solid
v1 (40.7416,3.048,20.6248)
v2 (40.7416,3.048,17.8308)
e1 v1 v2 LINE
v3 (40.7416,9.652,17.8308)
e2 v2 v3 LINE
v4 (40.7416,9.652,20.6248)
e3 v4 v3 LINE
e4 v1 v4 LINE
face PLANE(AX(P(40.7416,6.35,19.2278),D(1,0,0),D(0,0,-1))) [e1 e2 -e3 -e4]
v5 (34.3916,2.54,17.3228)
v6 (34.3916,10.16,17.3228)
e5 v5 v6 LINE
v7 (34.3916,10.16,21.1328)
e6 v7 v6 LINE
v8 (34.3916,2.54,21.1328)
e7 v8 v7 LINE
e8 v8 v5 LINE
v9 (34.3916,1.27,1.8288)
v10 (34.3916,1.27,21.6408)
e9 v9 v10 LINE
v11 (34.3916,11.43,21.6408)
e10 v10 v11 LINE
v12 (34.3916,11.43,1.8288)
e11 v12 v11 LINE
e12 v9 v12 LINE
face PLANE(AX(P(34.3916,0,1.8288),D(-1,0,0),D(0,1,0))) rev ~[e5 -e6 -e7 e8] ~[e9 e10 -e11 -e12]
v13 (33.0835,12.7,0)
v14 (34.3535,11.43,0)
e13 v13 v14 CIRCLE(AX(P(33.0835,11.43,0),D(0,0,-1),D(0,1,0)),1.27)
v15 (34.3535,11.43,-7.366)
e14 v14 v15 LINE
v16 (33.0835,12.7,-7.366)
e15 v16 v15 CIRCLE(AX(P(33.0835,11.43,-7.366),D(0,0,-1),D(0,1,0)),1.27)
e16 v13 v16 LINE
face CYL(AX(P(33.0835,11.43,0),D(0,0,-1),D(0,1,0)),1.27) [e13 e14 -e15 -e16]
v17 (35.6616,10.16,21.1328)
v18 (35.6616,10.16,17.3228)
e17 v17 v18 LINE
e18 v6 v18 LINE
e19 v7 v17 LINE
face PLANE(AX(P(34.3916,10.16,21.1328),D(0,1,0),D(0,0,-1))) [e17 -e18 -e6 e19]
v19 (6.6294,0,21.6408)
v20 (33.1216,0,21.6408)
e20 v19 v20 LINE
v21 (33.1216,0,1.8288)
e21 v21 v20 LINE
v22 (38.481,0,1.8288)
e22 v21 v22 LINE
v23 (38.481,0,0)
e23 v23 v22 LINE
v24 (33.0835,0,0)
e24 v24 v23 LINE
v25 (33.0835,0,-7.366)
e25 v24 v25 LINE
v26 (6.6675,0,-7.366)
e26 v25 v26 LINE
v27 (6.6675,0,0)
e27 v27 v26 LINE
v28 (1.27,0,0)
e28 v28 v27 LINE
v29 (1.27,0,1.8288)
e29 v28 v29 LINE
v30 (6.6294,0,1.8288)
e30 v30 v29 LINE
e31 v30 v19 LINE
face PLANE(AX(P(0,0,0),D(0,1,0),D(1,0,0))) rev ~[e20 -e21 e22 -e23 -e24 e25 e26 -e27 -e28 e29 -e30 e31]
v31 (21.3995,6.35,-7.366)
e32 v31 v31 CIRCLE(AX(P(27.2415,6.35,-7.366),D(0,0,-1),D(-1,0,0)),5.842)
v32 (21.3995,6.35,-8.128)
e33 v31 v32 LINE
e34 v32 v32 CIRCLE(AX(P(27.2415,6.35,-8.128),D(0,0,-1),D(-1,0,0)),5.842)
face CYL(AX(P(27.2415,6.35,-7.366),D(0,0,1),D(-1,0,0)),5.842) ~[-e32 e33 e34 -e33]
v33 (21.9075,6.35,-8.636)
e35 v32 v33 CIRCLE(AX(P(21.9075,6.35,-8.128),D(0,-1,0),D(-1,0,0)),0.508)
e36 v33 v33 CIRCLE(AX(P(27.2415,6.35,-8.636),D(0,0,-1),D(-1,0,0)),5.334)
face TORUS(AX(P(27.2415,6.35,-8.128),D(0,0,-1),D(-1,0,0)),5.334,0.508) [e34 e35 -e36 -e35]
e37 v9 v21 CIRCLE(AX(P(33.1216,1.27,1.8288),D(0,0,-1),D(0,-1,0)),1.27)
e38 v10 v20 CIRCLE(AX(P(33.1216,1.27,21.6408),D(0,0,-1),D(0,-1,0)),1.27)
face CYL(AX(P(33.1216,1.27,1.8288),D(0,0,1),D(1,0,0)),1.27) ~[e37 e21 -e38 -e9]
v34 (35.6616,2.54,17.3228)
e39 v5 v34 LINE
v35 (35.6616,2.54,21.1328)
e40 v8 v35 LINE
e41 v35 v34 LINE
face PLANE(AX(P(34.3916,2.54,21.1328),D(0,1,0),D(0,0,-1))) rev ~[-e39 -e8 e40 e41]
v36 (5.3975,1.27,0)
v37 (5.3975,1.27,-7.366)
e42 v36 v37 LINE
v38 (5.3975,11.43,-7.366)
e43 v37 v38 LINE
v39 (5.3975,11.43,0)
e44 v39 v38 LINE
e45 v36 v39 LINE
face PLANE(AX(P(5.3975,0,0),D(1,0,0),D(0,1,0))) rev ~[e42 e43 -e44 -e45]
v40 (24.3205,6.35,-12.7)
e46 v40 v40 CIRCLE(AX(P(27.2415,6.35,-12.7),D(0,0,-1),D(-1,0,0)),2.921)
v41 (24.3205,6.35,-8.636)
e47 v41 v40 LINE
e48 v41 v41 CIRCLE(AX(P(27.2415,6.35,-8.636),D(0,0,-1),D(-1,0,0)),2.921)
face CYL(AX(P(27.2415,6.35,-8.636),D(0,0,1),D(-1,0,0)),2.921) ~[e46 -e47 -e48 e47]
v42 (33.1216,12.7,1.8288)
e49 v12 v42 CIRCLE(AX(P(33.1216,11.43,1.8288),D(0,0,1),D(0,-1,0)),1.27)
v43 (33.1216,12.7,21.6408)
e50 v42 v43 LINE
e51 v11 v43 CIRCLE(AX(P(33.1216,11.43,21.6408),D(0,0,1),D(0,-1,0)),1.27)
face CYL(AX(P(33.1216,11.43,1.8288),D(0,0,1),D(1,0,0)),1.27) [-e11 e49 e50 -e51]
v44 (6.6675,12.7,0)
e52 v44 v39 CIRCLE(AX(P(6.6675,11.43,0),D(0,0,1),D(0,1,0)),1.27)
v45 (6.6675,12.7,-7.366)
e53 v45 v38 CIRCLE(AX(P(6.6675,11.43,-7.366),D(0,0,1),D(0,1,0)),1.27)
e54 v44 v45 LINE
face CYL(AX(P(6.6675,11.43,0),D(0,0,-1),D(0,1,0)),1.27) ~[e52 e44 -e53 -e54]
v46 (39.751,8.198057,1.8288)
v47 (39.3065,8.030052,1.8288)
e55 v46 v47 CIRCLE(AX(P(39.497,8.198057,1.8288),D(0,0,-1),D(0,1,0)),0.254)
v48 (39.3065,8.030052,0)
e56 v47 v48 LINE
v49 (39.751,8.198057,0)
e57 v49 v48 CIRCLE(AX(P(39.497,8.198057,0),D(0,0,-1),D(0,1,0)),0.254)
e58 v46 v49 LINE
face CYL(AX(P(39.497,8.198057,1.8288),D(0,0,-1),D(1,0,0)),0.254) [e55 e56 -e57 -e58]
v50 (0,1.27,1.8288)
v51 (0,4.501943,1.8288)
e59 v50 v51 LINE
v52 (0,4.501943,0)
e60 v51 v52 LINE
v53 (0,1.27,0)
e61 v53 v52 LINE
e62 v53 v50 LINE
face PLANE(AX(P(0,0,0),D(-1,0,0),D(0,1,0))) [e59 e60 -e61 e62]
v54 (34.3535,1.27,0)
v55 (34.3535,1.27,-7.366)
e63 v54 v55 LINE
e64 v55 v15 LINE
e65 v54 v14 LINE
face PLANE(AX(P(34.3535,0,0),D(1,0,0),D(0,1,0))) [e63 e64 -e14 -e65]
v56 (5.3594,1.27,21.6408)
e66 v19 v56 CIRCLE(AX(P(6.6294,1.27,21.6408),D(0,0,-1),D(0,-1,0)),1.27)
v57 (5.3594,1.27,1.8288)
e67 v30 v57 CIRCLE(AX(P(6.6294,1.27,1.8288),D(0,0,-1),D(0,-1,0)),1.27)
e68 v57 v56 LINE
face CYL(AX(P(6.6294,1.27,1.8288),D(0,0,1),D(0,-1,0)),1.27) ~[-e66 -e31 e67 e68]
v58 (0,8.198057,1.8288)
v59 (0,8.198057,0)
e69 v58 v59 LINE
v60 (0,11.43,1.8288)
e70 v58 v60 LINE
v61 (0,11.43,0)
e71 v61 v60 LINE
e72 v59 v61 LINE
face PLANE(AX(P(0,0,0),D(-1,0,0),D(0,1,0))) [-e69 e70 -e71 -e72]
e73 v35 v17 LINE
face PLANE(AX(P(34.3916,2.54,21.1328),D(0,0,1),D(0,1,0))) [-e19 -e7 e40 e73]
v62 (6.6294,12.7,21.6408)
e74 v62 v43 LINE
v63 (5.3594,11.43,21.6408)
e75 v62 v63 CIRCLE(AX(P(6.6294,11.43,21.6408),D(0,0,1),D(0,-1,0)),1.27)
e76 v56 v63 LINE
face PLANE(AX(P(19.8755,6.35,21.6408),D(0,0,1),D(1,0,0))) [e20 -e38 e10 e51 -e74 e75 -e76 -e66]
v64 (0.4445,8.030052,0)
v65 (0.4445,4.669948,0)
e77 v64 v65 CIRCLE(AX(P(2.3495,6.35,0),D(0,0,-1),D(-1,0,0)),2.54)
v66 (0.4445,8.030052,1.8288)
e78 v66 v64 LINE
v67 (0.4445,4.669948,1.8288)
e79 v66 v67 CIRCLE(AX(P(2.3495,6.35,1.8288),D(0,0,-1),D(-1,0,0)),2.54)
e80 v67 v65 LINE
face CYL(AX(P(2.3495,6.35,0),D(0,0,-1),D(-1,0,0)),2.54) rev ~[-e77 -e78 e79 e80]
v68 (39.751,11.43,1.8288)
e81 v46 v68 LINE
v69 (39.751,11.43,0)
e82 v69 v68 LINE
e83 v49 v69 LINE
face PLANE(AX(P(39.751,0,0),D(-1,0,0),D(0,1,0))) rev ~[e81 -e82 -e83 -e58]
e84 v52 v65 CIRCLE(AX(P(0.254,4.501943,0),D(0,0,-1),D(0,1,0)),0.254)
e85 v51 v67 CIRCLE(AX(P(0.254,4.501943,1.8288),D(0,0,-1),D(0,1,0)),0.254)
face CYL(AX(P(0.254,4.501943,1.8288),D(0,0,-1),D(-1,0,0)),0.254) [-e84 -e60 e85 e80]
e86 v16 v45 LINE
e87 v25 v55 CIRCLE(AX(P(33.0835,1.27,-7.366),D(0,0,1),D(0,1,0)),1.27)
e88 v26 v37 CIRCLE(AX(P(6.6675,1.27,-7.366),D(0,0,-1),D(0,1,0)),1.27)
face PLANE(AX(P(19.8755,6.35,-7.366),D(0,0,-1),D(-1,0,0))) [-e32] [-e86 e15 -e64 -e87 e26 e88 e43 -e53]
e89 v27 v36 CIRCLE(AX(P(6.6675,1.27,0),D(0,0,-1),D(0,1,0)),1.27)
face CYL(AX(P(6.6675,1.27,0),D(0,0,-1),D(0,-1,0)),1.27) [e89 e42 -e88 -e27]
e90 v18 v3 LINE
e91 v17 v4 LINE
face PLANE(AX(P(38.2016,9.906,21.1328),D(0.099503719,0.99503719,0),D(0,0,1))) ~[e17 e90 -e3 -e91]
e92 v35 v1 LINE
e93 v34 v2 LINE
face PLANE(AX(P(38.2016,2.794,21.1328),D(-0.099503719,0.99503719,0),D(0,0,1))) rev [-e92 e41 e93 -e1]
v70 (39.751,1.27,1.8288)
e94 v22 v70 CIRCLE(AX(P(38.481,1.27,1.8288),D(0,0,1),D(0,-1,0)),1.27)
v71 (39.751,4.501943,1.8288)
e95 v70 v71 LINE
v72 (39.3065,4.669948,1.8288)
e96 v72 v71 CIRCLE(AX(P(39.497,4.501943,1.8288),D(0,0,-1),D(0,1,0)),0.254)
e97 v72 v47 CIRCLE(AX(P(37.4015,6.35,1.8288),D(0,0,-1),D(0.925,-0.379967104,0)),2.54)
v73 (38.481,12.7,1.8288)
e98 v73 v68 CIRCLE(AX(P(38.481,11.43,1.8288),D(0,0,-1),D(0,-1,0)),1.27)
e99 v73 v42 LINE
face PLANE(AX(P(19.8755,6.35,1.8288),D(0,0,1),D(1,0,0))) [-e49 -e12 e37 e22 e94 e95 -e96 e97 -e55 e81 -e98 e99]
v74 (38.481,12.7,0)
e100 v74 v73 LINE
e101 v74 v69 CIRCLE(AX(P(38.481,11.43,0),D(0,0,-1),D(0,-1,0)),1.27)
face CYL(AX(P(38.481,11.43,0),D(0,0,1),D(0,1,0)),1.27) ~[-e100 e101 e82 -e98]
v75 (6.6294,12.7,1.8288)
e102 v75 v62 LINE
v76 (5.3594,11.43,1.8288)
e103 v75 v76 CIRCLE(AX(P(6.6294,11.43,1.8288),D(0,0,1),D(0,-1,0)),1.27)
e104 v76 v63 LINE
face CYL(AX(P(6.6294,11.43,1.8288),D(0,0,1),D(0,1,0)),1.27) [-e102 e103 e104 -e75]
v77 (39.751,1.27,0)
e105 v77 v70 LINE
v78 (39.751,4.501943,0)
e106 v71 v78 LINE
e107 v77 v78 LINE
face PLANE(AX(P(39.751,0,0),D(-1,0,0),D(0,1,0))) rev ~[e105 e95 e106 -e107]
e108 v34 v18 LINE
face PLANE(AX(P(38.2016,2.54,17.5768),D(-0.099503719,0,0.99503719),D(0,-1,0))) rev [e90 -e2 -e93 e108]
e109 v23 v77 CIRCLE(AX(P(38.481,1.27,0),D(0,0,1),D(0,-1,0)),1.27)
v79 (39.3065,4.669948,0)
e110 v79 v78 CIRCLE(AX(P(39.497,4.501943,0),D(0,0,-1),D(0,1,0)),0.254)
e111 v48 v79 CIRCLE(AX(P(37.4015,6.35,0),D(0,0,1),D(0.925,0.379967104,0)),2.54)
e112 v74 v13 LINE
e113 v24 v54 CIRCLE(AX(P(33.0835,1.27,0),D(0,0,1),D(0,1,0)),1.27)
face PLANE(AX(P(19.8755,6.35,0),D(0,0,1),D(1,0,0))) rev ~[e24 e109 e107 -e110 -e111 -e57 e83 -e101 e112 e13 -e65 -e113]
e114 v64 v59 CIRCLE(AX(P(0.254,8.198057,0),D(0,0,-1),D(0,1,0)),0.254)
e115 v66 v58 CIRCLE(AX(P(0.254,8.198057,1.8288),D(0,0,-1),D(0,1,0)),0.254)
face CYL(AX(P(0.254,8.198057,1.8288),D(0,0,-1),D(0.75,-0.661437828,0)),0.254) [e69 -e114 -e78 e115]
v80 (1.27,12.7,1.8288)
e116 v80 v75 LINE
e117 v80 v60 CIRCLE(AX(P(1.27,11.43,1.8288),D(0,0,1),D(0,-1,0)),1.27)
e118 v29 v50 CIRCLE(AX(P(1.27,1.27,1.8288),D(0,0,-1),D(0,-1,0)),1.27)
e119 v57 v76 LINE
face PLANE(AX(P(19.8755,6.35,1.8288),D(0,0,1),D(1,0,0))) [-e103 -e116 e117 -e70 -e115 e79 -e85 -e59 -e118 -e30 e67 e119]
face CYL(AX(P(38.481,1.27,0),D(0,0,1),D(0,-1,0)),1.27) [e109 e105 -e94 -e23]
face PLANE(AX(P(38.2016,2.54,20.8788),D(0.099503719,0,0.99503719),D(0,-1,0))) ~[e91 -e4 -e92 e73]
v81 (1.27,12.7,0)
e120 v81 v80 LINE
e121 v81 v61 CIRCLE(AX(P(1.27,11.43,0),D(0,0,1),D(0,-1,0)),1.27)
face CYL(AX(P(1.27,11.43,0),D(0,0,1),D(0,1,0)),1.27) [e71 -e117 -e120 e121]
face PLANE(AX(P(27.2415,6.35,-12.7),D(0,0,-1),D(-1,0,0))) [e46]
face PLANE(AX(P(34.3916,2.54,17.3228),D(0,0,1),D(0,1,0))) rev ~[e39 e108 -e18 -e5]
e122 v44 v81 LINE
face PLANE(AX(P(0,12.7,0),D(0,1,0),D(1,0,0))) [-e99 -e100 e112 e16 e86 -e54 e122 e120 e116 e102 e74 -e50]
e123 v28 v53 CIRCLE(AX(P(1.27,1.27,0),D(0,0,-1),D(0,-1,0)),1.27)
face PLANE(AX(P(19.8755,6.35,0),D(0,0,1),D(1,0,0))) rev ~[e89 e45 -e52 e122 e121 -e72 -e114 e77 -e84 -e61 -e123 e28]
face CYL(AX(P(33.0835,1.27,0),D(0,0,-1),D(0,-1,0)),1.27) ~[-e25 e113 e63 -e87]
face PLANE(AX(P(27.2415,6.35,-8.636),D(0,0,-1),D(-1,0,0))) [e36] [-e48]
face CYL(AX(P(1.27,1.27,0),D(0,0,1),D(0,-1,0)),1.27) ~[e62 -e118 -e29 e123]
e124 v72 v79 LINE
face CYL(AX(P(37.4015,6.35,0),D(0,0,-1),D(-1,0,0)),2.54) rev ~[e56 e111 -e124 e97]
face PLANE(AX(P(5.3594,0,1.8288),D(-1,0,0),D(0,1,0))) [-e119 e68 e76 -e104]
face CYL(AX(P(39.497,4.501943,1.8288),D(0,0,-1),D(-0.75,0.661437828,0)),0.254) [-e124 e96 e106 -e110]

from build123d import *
from OCP.BRepFilletAPI import BRepFilletAPI_MakeChamfer

# Parameters (mm, degrees)
SKETCH1_W           = 39.751
SKETCH1_H           = 12.7
BOSS_EXTRUDE1_DEPTH = 1.8288
SKETCH2_W           = 29.0322
SKETCH2_H           = 12.7
BOSS_EXTRUDE2_DEPTH = 19.812
SKETCH3_W           = 28.956
SKETCH3_H           = 12.7
BOSS_EXTRUDE3_DEPTH = 7.366
SKETCH4_R           = 5.842
BOSS_EXTRUDE4_DEPTH = 1.27
SKETCH5_R           = 2.921
BOSS_EXTRUDE5_DEPTH = 4.064
SKETCH6_W           = 3.81
SKETCH6_H           = 7.62
BOSS_EXTRUDE6_DEPTH = 6.35
CHAMFER1_SIZE       = 5.08
CHAMFER1_SIZE2      = 0.508
FILLET1_R           = 1.27
CUT_EXTRUDE1_REACH  = 49.849
SKETCH7_R           = 2.54
FILLET2_R           = 0.254
FILLET3_R           = 0.508


with BuildPart() as part:
    # Sketch1 → Boss-Extrude1 (new body)
    with BuildSketch(Plane.XY):
        with Locations((19.8755, 6.35)):
            Rectangle(SKETCH1_W, SKETCH1_H)
    extrude(amount=BOSS_EXTRUDE1_DEPTH)

    # Sketch2 → Boss-Extrude2 (add)
    with BuildSketch(Plane.XY.offset(1.8288)):
        with Locations((19.8755, 6.35)):
            Rectangle(SKETCH2_W, SKETCH2_H)
    extrude(amount=BOSS_EXTRUDE2_DEPTH)

    # Sketch3 → Boss-Extrude3 (add)
    with BuildSketch(Plane(origin=(0, 0, 0), x_dir=(-1, 0, 0), z_dir=(0, 0, -1))):
        with Locations((-19.8755, 6.35)):
            Rectangle(SKETCH3_W, SKETCH3_H)
    extrude(amount=BOSS_EXTRUDE3_DEPTH)

    # Sketch4 → Boss-Extrude4 (add)
    with BuildSketch(Plane(origin=(0, 0, -7.366), x_dir=(-1, 0, 0), z_dir=(0, 0, -1))):
        with Locations((-27.2415, 6.35)):
            Circle(SKETCH4_R)
    extrude(amount=BOSS_EXTRUDE4_DEPTH)

    # Sketch5 → Boss-Extrude5 (add)
    with BuildSketch(Plane(origin=(0, 0, -8.636), x_dir=(-1, 0, 0), z_dir=(0, 0, -1))):
        with Locations((-27.2415, 6.35)):
            Circle(SKETCH5_R)
    extrude(amount=BOSS_EXTRUDE5_DEPTH)

    # Sketch6 → Boss-Extrude6 (add)
    with BuildSketch(Plane(origin=(34.3916, 0, 0), x_dir=(0, 0, -1), z_dir=(1, 0, 0))):
        with Locations((-19.2278, 6.35)):
            Rectangle(SKETCH6_W, SKETCH6_H)
    extrude(amount=BOSS_EXTRUDE6_DEPTH)

    # Chamfer1: one chamfer whose edges measure the first distance from different faces: ONE call of the kernel's chamfer builder (chamfer() names one face for all edges)
    chamfer1_edges_1 = [part.edges().sort_by_distance(p)[0] for p in [
        (40.7416, 6.35, 21.1328),
    ]]
    chamfer1_side_1 = [part.faces().sort_by_distance(p)[0] for p in [
        (37.5666, 6.35, 21.1328),
    ]]
    chamfer1_edges_2 = [part.edges().sort_by_distance(p)[0] for p in [
        (40.7416, 2.54, 19.2278),
    ]]
    chamfer1_side_2 = [part.faces().sort_by_distance(p)[0] for p in [
        (37.5666, 2.54, 19.2278),
    ]]
    chamfer1_edges_3 = [part.edges().sort_by_distance(p)[0] for p in [
        (40.7416, 6.35, 17.3228),
    ]]
    chamfer1_side_3 = [part.faces().sort_by_distance(p)[0] for p in [
        (37.5666, 6.35, 17.3228),
    ]]
    chamfer1_edges_4 = [part.edges().sort_by_distance(p)[0] for p in [
        (40.7416, 10.16, 19.2278),
    ]]
    chamfer1_side_4 = [part.faces().sort_by_distance(p)[0] for p in [
        (37.5666, 10.16, 19.2278),
    ]]
    chamfer1 = BRepFilletAPI_MakeChamfer(part.part.solid().wrapped)
    for e in chamfer1_edges_1:
        chamfer1.Add(CHAMFER1_SIZE, CHAMFER1_SIZE2, e.wrapped, chamfer1_side_1[0].wrapped)  # the first distance lies on this face
    for e in chamfer1_edges_2:
        chamfer1.Add(CHAMFER1_SIZE, CHAMFER1_SIZE2, e.wrapped, chamfer1_side_2[0].wrapped)  # the first distance lies on this face
    for e in chamfer1_edges_3:
        chamfer1.Add(CHAMFER1_SIZE, CHAMFER1_SIZE2, e.wrapped, chamfer1_side_3[0].wrapped)  # the first distance lies on this face
    for e in chamfer1_edges_4:
        chamfer1.Add(CHAMFER1_SIZE, CHAMFER1_SIZE2, e.wrapped, chamfer1_side_4[0].wrapped)  # the first distance lies on this face
    add(Compound.cast(chamfer1.Shape()), mode=Mode.REPLACE)

    # Fillet1
    fillet1_edges = [part.edges().sort_by_distance(p)[0] for p in [
        (5.3594, 12.7, 11.7348),
        (5.3594, 0, 11.7348),
        (34.3916, 0, 11.7348),
        (34.3916, 12.7, 11.7348),
        (34.3535, 12.7, -3.683),
        (34.3535, 0, -3.683),
        (5.3975, 0, -3.683),
        (5.3975, 12.7, -3.683),
        (0, 0, 0.9144),
        (39.751, 0, 0.9144),
        (39.751, 12.7, 0.9144),
        (0, 12.7, 0.9144),
    ]]
    fillet(fillet1_edges, radius=FILLET1_R)

    # Sketch7 → Cut-Extrude1 (cut, up to next)
    with BuildSketch(Plane(origin=(0, 0, 0), x_dir=(-1, 0, 0), z_dir=(0, 0, -1)), mode=Mode.PRIVATE) as cut_extrude1_sk1:
        with Locations((-37.4015, 6.35)):
            Circle(SKETCH7_R)
    cut_extrude1_tool1 = extrude(cut_extrude1_sk1.sketch, amount=-CUT_EXTRUDE1_REACH, mode=Mode.PRIVATE) & part.part
    # Sketch7 → Cut-Extrude1 (cut, up to next)
    with BuildSketch(Plane(origin=(0, 0, 0), x_dir=(-1, 0, 0), z_dir=(0, 0, -1)), mode=Mode.PRIVATE) as cut_extrude1_sk2:
        with Locations((-2.3495, 6.35)):
            Circle(SKETCH7_R)
    cut_extrude1_tool2 = extrude(cut_extrude1_sk2.sketch, amount=-CUT_EXTRUDE1_REACH, mode=Mode.PRIVATE) & part.part
    add(cut_extrude1_tool1.solids().sort_by_distance((37.4015, 6.35, 0))[0], mode=Mode.SUBTRACT)
    add(cut_extrude1_tool2.solids().sort_by_distance((2.3495, 6.35, 0))[0], mode=Mode.SUBTRACT)

    # Fillet2
    fillet2_edges = [part.edges().sort_by_distance(p)[0] for p in [
        (39.751, 7.315116444, 0.9144),
        (39.751, 5.384883556, 0.9144),
        (0, 7.315116444, 0.9144),
        (0, 5.384883556, 0.9144),
    ]]
    fillet(fillet2_edges, radius=FILLET2_R)

    # Fillet3
    fillet3_edges = [part.edges().sort_by_distance(p)[0] for p in [
        (33.0835, 6.35, -8.636),
    ]]
    fillet(fillet3_edges, radius=FILLET3_R)


solid = part.part
